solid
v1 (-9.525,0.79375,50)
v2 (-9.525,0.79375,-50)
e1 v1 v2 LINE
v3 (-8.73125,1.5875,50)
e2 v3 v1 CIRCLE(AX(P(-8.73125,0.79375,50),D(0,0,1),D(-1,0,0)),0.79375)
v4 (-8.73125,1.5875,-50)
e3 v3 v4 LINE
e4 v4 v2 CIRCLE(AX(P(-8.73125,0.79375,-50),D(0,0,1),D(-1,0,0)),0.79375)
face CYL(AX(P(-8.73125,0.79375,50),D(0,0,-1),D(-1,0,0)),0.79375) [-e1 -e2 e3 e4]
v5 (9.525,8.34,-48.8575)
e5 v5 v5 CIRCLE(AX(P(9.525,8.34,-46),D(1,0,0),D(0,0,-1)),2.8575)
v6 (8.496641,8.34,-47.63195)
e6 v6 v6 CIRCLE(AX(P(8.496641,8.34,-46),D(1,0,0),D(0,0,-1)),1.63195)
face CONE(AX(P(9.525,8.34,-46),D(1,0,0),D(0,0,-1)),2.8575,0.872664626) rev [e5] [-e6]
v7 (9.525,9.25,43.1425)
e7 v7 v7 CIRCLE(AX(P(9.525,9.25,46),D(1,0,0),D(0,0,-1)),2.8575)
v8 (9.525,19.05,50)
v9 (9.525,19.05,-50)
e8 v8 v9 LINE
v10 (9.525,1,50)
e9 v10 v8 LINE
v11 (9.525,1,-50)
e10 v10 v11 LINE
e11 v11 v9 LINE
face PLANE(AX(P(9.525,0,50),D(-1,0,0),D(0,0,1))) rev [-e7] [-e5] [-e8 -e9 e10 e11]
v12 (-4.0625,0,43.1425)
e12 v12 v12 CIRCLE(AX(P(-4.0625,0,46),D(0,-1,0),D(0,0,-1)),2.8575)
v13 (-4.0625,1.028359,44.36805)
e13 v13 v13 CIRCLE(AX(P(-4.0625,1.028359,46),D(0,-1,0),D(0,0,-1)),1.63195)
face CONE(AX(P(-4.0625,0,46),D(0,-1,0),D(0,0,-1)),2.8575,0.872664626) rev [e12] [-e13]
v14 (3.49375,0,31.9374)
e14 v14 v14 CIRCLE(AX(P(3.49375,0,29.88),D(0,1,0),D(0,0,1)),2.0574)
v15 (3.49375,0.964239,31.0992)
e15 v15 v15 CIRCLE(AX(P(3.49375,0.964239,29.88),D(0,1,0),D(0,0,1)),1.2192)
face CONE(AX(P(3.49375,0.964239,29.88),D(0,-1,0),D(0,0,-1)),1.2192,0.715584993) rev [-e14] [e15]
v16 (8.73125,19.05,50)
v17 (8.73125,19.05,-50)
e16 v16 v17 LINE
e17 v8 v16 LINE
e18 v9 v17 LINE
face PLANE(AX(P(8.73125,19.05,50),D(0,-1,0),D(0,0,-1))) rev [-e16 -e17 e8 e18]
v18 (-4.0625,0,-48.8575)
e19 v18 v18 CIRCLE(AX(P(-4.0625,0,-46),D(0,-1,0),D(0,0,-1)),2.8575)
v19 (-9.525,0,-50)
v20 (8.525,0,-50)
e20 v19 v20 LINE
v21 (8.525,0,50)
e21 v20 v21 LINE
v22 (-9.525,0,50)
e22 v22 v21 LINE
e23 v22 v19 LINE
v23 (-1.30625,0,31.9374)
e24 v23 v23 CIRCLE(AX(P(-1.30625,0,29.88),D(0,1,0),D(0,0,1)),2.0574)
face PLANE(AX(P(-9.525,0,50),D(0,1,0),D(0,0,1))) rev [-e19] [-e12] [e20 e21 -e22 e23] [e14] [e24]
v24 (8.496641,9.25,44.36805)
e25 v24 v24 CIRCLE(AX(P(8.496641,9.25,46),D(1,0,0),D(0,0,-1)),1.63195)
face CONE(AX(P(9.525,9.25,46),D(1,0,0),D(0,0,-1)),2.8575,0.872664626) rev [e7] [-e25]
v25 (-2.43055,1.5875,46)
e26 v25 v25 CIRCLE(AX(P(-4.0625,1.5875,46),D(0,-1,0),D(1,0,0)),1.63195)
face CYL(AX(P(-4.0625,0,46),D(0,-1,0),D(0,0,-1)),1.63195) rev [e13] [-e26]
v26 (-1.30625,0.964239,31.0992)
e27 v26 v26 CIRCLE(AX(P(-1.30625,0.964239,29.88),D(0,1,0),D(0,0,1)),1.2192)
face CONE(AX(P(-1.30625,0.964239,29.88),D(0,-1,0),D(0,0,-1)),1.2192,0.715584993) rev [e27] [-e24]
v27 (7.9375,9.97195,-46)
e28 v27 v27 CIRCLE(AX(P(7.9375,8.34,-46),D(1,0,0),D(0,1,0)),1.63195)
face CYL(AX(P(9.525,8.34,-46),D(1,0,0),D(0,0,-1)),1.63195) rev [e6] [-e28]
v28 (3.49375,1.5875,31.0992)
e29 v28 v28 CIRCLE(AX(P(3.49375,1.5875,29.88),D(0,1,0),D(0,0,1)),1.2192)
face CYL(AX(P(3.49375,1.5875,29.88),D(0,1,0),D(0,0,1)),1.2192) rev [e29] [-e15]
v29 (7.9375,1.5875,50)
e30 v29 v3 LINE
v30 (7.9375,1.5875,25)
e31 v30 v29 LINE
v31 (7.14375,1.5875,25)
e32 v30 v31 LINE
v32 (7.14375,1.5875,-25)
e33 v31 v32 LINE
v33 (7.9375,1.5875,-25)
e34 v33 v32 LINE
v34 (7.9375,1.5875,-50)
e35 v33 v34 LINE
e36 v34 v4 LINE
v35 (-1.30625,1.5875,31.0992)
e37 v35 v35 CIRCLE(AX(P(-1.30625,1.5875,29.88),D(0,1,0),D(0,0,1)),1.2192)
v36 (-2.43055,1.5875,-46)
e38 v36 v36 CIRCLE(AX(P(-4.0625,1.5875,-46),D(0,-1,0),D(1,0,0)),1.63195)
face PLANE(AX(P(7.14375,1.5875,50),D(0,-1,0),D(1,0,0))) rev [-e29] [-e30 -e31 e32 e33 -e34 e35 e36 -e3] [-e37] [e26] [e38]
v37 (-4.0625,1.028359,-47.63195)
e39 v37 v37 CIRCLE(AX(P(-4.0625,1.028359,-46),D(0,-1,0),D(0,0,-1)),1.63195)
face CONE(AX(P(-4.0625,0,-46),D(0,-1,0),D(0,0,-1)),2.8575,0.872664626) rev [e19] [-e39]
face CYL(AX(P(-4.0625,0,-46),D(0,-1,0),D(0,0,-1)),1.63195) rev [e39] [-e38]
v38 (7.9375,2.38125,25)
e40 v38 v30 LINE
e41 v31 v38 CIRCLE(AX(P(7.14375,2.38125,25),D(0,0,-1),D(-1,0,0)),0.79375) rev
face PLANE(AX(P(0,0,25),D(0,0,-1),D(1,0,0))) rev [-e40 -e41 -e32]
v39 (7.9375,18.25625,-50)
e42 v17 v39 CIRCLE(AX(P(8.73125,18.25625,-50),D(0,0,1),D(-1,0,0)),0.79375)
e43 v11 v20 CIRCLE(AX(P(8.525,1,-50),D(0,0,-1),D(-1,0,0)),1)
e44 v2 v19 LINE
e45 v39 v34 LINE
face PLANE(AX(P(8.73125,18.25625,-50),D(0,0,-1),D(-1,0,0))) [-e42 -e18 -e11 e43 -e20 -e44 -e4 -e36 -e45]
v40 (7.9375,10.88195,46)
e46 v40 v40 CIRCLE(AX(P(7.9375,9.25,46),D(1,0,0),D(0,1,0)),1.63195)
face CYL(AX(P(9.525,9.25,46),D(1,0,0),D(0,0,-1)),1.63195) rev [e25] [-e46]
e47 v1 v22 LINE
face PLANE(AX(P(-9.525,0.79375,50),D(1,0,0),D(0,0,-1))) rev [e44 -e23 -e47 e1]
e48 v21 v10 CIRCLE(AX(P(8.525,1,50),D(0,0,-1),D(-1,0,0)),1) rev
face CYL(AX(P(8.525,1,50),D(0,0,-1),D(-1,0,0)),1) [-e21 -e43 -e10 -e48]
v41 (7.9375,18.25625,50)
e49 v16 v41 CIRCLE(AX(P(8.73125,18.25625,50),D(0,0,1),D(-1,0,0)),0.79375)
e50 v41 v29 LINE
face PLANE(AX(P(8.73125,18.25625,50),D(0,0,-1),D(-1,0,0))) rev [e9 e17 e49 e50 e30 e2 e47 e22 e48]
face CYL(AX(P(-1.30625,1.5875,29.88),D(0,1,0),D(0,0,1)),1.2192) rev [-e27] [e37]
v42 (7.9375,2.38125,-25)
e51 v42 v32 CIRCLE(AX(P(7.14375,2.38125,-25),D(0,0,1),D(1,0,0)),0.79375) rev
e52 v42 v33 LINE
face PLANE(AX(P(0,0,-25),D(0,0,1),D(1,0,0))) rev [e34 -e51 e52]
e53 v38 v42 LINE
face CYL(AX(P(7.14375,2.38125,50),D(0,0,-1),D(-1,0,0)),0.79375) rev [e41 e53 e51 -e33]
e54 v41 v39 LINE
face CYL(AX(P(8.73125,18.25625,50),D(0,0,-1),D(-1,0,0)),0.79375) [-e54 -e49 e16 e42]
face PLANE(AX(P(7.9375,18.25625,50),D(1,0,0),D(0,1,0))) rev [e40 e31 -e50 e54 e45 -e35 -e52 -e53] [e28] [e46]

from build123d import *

# Parameters (mm, degrees)
BOSS_EXTRUDE1_DEPTH                               = 50
CSK_FOR_4_FLAT_HEAD_MACHINE_SCREW_100_D           = 3.2639
CSK_FOR_4_FLAT_HEAD_MACHINE_SCREW_100_CSINK_D     = 5.715
CSK_FOR_4_FLAT_HEAD_MACHINE_SCREW_100_CSINK_ANGLE = 100
CSK_FOR_4_FLAT_HEAD_MACHINE_SCREW_2_D             = 3.2639
CSK_FOR_4_FLAT_HEAD_MACHINE_SCREW_2_CSINK_D       = 5.715
CSK_FOR_4_FLAT_HEAD_MACHINE_SCREW_2_CSINK_ANGLE   = 100
FILLET1_R                                         = 1
F_2_CLEARANCE_HOLE1_AT_2_COUNT                    = 2
F_2_CLEARANCE_HOLE1_AT_2_PITCH                    = 4.8
CUT_EXTRUDE1_DEPTH                                = 25


with BuildPart() as part:
    # Sketch2 → Boss-Extrude1 (new, symmetric)
    with BuildSketch(Plane.XY):
        with BuildLine():
            Line((-9.525, 0), (9.525, 0))
            Line((9.525, 0), (9.525, 19.05))
            Line((9.525, 19.05), (8.73125, 19.05))
            ThreePointArc((8.73125, 19.05), (8.169983992, 18.817516008), (7.9375, 18.25625))
            Line((7.9375, 18.25625), (7.9375, 2.38125))
            ThreePointArc((7.9375, 2.38125), (7.705016008, 1.819983992), (7.14375, 1.5875))
            Line((7.14375, 1.5875), (-8.73125, 1.5875))
            ThreePointArc((-8.73125, 1.5875), (-9.292516008, 1.355016008), (-9.525, 0.79375))
            Line((-9.525, 0.79375), (-9.525, 0))
        make_face()
    extrude(amount=BOSS_EXTRUDE1_DEPTH, both=True)

    # CSK for _4 Flat Head Machine Screw _100 (through all)
    with Locations(Plane(origin=(0, 0, 0), x_dir=(-1, 0, 0), z_dir=(0, -1, 0))):
        with Locations((4.0625, -46), (4.0625, 46)):
            CounterSinkHole(CSK_FOR_4_FLAT_HEAD_MACHINE_SCREW_100_D / 2, CSK_FOR_4_FLAT_HEAD_MACHINE_SCREW_100_CSINK_D / 2, counter_sink_angle=CSK_FOR_4_FLAT_HEAD_MACHINE_SCREW_100_CSINK_ANGLE)

    # CSK for _4 Flat Head Machine Screw _ 2 (through all)
    with Locations(Plane(origin=(9.525, 0, 0), x_dir=(0, 0, -1), z_dir=(1, 0, 0))):
        with Locations((-46, 9.25), (46, 8.34)):
            CounterSinkHole(CSK_FOR_4_FLAT_HEAD_MACHINE_SCREW_2_D / 2, CSK_FOR_4_FLAT_HEAD_MACHINE_SCREW_2_CSINK_D / 2, counter_sink_angle=CSK_FOR_4_FLAT_HEAD_MACHINE_SCREW_2_CSINK_ANGLE)

    # Fillet1
    fillet1_edges = [part.edges().sort_by_distance(p)[0] for p in [
        (9.525, 0, 0),
    ]]
    fillet(fillet1_edges, radius=FILLET1_R)

    # Sketch30 → #2 Clearance Hole1 (revolve, cut)
    with BuildSketch(Plane(origin=(3.49375, 1.5875, 29.88), x_dir=(0, 0, 1), z_dir=(1, 0, 0))):
        Polygon((0, 0), (0, 1.5875), (2.0574, 1.5875), (1.2192, 0.623261201), (1.2192, 0), align=None)
    f_2_clearance_hole1 = revolve(axis=Axis((3.49375, 7.9375, 29.88), (0, -1, 0)), mode=Mode.SUBTRACT)

    # #2 Clearance Hole1 at 2: #2 Clearance Hole1 ×2
    with Locations(*[(-i * F_2_CLEARANCE_HOLE1_AT_2_PITCH, 0, 0) for i in range(1, F_2_CLEARANCE_HOLE1_AT_2_COUNT)]):
        add(f_2_clearance_hole1, mode=Mode.SUBTRACT)

    # Sketch43 → Cut-Extrude1 (cut)
    with BuildSketch(Plane(origin=(0, 0, -50), x_dir=(-1, 0, 0), z_dir=(0, 0, -1))):
        Polygon((-7.9375, 6.5875), (-7.9375, 1.5875), (-2.9375, 1.5875), align=None)
    cut_extrude1 = extrude(amount=-CUT_EXTRUDE1_DEPTH, mode=Mode.SUBTRACT)

    # Mirror1: Cut-Extrude1 across plane
    add(cut_extrude1.mirror(Plane(origin=(0, 0, 0), x_dir=(1, 0, 0), z_dir=(0, 0, -1))), mode=Mode.SUBTRACT)


solid = part.part
